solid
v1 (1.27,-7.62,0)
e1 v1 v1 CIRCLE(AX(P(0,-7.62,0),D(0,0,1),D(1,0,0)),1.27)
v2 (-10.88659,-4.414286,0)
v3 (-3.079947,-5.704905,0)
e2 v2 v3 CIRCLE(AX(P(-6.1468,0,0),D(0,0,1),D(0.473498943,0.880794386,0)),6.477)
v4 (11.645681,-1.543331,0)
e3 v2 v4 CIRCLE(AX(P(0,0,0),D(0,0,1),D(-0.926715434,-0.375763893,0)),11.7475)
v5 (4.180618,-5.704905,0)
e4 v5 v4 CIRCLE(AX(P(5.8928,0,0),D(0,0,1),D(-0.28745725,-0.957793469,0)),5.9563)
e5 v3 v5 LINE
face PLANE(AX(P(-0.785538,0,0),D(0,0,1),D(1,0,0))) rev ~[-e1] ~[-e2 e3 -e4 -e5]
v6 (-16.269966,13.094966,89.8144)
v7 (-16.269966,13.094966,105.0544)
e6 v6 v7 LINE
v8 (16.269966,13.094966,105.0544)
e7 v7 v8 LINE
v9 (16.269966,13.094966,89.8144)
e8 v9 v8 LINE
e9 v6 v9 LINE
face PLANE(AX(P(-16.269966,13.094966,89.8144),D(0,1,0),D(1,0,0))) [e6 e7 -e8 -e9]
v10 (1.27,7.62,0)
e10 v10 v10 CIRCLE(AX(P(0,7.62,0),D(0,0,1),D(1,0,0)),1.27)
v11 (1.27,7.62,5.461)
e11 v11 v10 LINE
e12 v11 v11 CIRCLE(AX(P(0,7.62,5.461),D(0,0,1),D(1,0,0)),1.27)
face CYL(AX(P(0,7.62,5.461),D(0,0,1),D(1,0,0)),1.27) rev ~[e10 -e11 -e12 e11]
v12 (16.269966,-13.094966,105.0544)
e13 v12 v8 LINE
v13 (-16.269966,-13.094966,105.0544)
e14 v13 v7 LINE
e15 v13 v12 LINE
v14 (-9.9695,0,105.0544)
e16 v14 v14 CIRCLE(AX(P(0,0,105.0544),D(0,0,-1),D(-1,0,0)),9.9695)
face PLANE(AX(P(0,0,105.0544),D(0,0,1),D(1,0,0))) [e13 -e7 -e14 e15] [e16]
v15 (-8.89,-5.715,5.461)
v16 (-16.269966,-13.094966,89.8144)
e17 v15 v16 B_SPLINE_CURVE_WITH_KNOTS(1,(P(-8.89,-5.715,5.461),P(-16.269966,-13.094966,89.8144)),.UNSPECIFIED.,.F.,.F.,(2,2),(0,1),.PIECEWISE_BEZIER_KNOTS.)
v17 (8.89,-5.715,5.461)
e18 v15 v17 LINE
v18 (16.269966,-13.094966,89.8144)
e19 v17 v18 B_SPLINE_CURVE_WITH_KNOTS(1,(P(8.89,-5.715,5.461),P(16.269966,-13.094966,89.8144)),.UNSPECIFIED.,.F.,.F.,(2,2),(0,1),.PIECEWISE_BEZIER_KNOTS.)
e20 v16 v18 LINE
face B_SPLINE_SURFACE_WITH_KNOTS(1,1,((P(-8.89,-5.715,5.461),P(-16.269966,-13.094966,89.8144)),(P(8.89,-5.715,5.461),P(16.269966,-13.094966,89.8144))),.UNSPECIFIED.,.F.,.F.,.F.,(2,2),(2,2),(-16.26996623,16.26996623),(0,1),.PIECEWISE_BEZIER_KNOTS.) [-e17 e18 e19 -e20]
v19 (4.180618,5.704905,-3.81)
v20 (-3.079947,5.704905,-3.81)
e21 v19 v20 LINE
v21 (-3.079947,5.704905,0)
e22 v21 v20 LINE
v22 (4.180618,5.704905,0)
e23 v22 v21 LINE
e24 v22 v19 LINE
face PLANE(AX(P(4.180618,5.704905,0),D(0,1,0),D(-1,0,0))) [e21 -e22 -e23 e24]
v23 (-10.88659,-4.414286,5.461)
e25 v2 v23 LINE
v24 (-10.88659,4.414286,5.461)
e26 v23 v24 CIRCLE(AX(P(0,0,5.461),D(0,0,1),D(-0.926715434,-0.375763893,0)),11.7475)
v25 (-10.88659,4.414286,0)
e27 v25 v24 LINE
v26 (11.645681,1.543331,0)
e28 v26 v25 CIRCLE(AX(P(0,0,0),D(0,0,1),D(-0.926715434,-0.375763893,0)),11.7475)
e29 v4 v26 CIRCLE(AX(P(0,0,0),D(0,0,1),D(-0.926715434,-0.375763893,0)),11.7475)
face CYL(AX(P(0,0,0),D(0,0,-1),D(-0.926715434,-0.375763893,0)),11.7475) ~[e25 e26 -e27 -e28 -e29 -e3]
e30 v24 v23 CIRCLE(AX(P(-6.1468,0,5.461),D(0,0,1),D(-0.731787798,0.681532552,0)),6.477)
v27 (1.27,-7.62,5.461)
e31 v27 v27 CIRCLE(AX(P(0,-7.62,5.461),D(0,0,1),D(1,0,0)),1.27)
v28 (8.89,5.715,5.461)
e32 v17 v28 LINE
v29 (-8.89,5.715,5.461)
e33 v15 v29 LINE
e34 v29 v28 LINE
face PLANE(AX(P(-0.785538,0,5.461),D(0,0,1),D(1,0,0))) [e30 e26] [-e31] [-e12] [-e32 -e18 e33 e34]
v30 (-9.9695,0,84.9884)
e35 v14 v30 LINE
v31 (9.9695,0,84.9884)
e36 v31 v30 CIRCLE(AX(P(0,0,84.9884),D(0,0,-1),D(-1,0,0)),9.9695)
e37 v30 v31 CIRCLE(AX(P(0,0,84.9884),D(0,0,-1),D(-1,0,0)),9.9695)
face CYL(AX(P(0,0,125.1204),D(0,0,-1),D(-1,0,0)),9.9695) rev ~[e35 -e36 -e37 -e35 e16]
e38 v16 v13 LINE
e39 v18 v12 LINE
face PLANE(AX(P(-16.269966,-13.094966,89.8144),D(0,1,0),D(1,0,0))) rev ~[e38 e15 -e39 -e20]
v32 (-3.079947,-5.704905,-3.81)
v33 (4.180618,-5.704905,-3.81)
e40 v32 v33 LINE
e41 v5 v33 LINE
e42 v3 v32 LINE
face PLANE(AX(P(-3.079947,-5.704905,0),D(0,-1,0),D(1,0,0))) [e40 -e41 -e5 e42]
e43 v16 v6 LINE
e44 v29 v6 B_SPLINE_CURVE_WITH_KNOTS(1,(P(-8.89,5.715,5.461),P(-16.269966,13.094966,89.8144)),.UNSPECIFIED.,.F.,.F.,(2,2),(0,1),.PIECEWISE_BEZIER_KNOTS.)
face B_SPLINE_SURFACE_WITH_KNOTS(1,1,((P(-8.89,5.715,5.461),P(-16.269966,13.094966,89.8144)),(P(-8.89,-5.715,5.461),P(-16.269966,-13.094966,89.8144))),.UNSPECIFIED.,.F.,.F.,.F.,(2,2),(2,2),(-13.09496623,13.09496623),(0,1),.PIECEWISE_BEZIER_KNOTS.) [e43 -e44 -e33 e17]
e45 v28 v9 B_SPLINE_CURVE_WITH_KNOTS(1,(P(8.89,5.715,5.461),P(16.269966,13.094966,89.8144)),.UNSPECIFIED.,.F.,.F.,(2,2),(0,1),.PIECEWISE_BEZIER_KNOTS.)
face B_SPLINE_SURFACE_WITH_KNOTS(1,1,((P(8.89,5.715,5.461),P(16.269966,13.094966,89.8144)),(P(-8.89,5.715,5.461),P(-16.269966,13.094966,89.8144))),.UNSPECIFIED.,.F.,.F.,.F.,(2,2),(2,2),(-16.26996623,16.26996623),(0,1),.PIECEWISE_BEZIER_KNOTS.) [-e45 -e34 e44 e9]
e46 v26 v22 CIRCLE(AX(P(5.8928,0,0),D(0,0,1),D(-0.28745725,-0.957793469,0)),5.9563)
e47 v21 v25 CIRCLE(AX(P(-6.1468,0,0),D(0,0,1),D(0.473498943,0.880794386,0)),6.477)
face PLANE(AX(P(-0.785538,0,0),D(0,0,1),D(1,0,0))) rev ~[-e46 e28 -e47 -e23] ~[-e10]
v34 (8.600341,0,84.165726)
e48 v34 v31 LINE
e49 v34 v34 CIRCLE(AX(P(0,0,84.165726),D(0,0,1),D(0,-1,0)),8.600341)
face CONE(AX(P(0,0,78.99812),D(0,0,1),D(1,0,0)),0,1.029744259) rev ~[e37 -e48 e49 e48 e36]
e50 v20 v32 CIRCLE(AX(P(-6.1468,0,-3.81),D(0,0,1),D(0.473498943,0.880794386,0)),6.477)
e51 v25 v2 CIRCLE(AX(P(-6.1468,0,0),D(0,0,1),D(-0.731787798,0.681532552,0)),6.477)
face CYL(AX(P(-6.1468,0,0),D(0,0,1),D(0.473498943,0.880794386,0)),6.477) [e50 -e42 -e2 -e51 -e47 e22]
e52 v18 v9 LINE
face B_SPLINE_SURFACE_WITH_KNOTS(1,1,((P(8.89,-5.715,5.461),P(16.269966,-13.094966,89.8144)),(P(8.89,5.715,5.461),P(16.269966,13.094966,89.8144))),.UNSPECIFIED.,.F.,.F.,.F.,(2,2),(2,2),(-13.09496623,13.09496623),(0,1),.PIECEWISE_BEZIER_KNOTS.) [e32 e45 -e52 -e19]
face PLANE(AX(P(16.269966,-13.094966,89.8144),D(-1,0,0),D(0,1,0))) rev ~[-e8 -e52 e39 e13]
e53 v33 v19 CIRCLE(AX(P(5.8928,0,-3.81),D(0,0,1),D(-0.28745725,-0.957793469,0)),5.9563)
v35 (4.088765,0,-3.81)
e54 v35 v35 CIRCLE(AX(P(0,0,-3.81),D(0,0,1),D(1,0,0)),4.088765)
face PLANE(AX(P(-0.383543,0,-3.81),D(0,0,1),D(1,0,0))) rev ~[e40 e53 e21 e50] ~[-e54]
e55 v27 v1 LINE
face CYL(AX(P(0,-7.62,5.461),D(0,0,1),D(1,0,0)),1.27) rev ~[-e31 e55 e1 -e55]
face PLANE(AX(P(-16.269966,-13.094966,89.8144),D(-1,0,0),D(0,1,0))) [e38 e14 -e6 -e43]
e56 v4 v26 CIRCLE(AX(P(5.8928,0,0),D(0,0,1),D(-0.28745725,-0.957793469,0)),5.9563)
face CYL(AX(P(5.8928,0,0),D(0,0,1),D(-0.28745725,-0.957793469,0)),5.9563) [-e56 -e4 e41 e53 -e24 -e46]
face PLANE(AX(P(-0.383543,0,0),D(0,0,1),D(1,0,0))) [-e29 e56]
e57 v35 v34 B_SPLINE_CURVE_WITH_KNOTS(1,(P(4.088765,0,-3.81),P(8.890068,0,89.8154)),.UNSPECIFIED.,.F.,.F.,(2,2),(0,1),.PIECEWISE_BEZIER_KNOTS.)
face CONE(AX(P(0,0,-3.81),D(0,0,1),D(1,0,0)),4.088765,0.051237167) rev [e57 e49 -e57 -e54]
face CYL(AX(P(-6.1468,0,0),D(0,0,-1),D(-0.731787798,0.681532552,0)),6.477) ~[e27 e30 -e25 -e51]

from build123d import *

# Parameters (mm, degrees)
F1_DEPTH  = 3.81
F3_DEPTH  = 5.461
F5_R      = 1.27
F6_DEPTH  = 9.272
F7_W      = 17.78
F7_H      = 11.43
F8_DEPTH  = 84.3534
F8_TAPER  = -5
F9_R      = 4.088765
F10_DEPTH = 93.6254001
F10_TAPER = -2.9356734464
F11_W     = 32.5399324597
F11_H     = 26.1899324597
F12_DEPTH = 15.24
F14_D     = 19.939
F14_DEPTH = 20.066
F14_TIP   = 5.9902799414


with BuildPart() as f1:
    # F0 (on Top) → F1 (new body)
    with BuildSketch(Plane.XY):
        with BuildLine():
            Line((4.1806183802, 5.7049052394), (-3.0799473447, 5.7049052394))
            ThreePointArc((-3.0799473447, 5.7049052394), (-12.6238, 0), (-3.0799473447, -5.7049052394))
            Line((-3.0799473447, -5.7049052394), (4.1806183802, -5.7049052394))
            ThreePointArc((4.1806183802, -5.7049052394), (11.8491, 0), (4.1806183802, 5.7049052394))
        make_face()
    extrude(amount=-F1_DEPTH)

    # F2 (on Top) → F3 (join)
    with BuildSketch(Plane.XY):
        with BuildLine():
            ThreePointArc((-10.8865895661, 4.4142863374), (-12.6238, 0), (-10.8865895661, -4.4142863374))
            ThreePointArc((-10.8865895661, -4.4142863374), (11.7475, 0), (-10.8865895661, 4.4142863374))
        make_face()
    extrude(amount=F3_DEPTH)

    # F5 (on face) → F6 (cut, through all)
    with BuildSketch(Plane.XY.offset(5.461)):
        with Locations((0, -7.62)):
            Circle(F5_R)
        with Locations((0, 7.62)):
            Circle(F5_R)
    extrude(amount=-F6_DEPTH, mode=Mode.SUBTRACT)

    # F7 (on face) → F8 (join)
    with BuildSketch(Plane.XY.offset(5.461)):
        Rectangle(F7_W, F7_H)
    extrude(amount=F8_DEPTH, taper=F8_TAPER)

    # F9 (on face) → F10 (cut, through all)
    with BuildSketch(Plane(origin=(0, 0, -3.81), x_dir=(1, 0, 0), z_dir=(0, 0, -1))):
        Circle(F9_R)
    extrude(amount=-F10_DEPTH, taper=F10_TAPER, mode=Mode.SUBTRACT)

    # F11 (on face) → F12 (join)
    with BuildSketch(Plane.XY.offset(89.8144)):
        Rectangle(F11_W, F11_H)
    extrude(amount=F12_DEPTH)

    # F14
    with Locations(Plane.XY.offset(105.0544)):
        with Locations((0, 0)):
            Hole(F14_D / 2, depth=F14_DEPTH)
            with Locations((0, 0, -(F14_DEPTH + F14_TIP / 2))):  # 118° drill point
                Cone(0, F14_D / 2, F14_TIP, mode=Mode.SUBTRACT)


solid = f1.part
